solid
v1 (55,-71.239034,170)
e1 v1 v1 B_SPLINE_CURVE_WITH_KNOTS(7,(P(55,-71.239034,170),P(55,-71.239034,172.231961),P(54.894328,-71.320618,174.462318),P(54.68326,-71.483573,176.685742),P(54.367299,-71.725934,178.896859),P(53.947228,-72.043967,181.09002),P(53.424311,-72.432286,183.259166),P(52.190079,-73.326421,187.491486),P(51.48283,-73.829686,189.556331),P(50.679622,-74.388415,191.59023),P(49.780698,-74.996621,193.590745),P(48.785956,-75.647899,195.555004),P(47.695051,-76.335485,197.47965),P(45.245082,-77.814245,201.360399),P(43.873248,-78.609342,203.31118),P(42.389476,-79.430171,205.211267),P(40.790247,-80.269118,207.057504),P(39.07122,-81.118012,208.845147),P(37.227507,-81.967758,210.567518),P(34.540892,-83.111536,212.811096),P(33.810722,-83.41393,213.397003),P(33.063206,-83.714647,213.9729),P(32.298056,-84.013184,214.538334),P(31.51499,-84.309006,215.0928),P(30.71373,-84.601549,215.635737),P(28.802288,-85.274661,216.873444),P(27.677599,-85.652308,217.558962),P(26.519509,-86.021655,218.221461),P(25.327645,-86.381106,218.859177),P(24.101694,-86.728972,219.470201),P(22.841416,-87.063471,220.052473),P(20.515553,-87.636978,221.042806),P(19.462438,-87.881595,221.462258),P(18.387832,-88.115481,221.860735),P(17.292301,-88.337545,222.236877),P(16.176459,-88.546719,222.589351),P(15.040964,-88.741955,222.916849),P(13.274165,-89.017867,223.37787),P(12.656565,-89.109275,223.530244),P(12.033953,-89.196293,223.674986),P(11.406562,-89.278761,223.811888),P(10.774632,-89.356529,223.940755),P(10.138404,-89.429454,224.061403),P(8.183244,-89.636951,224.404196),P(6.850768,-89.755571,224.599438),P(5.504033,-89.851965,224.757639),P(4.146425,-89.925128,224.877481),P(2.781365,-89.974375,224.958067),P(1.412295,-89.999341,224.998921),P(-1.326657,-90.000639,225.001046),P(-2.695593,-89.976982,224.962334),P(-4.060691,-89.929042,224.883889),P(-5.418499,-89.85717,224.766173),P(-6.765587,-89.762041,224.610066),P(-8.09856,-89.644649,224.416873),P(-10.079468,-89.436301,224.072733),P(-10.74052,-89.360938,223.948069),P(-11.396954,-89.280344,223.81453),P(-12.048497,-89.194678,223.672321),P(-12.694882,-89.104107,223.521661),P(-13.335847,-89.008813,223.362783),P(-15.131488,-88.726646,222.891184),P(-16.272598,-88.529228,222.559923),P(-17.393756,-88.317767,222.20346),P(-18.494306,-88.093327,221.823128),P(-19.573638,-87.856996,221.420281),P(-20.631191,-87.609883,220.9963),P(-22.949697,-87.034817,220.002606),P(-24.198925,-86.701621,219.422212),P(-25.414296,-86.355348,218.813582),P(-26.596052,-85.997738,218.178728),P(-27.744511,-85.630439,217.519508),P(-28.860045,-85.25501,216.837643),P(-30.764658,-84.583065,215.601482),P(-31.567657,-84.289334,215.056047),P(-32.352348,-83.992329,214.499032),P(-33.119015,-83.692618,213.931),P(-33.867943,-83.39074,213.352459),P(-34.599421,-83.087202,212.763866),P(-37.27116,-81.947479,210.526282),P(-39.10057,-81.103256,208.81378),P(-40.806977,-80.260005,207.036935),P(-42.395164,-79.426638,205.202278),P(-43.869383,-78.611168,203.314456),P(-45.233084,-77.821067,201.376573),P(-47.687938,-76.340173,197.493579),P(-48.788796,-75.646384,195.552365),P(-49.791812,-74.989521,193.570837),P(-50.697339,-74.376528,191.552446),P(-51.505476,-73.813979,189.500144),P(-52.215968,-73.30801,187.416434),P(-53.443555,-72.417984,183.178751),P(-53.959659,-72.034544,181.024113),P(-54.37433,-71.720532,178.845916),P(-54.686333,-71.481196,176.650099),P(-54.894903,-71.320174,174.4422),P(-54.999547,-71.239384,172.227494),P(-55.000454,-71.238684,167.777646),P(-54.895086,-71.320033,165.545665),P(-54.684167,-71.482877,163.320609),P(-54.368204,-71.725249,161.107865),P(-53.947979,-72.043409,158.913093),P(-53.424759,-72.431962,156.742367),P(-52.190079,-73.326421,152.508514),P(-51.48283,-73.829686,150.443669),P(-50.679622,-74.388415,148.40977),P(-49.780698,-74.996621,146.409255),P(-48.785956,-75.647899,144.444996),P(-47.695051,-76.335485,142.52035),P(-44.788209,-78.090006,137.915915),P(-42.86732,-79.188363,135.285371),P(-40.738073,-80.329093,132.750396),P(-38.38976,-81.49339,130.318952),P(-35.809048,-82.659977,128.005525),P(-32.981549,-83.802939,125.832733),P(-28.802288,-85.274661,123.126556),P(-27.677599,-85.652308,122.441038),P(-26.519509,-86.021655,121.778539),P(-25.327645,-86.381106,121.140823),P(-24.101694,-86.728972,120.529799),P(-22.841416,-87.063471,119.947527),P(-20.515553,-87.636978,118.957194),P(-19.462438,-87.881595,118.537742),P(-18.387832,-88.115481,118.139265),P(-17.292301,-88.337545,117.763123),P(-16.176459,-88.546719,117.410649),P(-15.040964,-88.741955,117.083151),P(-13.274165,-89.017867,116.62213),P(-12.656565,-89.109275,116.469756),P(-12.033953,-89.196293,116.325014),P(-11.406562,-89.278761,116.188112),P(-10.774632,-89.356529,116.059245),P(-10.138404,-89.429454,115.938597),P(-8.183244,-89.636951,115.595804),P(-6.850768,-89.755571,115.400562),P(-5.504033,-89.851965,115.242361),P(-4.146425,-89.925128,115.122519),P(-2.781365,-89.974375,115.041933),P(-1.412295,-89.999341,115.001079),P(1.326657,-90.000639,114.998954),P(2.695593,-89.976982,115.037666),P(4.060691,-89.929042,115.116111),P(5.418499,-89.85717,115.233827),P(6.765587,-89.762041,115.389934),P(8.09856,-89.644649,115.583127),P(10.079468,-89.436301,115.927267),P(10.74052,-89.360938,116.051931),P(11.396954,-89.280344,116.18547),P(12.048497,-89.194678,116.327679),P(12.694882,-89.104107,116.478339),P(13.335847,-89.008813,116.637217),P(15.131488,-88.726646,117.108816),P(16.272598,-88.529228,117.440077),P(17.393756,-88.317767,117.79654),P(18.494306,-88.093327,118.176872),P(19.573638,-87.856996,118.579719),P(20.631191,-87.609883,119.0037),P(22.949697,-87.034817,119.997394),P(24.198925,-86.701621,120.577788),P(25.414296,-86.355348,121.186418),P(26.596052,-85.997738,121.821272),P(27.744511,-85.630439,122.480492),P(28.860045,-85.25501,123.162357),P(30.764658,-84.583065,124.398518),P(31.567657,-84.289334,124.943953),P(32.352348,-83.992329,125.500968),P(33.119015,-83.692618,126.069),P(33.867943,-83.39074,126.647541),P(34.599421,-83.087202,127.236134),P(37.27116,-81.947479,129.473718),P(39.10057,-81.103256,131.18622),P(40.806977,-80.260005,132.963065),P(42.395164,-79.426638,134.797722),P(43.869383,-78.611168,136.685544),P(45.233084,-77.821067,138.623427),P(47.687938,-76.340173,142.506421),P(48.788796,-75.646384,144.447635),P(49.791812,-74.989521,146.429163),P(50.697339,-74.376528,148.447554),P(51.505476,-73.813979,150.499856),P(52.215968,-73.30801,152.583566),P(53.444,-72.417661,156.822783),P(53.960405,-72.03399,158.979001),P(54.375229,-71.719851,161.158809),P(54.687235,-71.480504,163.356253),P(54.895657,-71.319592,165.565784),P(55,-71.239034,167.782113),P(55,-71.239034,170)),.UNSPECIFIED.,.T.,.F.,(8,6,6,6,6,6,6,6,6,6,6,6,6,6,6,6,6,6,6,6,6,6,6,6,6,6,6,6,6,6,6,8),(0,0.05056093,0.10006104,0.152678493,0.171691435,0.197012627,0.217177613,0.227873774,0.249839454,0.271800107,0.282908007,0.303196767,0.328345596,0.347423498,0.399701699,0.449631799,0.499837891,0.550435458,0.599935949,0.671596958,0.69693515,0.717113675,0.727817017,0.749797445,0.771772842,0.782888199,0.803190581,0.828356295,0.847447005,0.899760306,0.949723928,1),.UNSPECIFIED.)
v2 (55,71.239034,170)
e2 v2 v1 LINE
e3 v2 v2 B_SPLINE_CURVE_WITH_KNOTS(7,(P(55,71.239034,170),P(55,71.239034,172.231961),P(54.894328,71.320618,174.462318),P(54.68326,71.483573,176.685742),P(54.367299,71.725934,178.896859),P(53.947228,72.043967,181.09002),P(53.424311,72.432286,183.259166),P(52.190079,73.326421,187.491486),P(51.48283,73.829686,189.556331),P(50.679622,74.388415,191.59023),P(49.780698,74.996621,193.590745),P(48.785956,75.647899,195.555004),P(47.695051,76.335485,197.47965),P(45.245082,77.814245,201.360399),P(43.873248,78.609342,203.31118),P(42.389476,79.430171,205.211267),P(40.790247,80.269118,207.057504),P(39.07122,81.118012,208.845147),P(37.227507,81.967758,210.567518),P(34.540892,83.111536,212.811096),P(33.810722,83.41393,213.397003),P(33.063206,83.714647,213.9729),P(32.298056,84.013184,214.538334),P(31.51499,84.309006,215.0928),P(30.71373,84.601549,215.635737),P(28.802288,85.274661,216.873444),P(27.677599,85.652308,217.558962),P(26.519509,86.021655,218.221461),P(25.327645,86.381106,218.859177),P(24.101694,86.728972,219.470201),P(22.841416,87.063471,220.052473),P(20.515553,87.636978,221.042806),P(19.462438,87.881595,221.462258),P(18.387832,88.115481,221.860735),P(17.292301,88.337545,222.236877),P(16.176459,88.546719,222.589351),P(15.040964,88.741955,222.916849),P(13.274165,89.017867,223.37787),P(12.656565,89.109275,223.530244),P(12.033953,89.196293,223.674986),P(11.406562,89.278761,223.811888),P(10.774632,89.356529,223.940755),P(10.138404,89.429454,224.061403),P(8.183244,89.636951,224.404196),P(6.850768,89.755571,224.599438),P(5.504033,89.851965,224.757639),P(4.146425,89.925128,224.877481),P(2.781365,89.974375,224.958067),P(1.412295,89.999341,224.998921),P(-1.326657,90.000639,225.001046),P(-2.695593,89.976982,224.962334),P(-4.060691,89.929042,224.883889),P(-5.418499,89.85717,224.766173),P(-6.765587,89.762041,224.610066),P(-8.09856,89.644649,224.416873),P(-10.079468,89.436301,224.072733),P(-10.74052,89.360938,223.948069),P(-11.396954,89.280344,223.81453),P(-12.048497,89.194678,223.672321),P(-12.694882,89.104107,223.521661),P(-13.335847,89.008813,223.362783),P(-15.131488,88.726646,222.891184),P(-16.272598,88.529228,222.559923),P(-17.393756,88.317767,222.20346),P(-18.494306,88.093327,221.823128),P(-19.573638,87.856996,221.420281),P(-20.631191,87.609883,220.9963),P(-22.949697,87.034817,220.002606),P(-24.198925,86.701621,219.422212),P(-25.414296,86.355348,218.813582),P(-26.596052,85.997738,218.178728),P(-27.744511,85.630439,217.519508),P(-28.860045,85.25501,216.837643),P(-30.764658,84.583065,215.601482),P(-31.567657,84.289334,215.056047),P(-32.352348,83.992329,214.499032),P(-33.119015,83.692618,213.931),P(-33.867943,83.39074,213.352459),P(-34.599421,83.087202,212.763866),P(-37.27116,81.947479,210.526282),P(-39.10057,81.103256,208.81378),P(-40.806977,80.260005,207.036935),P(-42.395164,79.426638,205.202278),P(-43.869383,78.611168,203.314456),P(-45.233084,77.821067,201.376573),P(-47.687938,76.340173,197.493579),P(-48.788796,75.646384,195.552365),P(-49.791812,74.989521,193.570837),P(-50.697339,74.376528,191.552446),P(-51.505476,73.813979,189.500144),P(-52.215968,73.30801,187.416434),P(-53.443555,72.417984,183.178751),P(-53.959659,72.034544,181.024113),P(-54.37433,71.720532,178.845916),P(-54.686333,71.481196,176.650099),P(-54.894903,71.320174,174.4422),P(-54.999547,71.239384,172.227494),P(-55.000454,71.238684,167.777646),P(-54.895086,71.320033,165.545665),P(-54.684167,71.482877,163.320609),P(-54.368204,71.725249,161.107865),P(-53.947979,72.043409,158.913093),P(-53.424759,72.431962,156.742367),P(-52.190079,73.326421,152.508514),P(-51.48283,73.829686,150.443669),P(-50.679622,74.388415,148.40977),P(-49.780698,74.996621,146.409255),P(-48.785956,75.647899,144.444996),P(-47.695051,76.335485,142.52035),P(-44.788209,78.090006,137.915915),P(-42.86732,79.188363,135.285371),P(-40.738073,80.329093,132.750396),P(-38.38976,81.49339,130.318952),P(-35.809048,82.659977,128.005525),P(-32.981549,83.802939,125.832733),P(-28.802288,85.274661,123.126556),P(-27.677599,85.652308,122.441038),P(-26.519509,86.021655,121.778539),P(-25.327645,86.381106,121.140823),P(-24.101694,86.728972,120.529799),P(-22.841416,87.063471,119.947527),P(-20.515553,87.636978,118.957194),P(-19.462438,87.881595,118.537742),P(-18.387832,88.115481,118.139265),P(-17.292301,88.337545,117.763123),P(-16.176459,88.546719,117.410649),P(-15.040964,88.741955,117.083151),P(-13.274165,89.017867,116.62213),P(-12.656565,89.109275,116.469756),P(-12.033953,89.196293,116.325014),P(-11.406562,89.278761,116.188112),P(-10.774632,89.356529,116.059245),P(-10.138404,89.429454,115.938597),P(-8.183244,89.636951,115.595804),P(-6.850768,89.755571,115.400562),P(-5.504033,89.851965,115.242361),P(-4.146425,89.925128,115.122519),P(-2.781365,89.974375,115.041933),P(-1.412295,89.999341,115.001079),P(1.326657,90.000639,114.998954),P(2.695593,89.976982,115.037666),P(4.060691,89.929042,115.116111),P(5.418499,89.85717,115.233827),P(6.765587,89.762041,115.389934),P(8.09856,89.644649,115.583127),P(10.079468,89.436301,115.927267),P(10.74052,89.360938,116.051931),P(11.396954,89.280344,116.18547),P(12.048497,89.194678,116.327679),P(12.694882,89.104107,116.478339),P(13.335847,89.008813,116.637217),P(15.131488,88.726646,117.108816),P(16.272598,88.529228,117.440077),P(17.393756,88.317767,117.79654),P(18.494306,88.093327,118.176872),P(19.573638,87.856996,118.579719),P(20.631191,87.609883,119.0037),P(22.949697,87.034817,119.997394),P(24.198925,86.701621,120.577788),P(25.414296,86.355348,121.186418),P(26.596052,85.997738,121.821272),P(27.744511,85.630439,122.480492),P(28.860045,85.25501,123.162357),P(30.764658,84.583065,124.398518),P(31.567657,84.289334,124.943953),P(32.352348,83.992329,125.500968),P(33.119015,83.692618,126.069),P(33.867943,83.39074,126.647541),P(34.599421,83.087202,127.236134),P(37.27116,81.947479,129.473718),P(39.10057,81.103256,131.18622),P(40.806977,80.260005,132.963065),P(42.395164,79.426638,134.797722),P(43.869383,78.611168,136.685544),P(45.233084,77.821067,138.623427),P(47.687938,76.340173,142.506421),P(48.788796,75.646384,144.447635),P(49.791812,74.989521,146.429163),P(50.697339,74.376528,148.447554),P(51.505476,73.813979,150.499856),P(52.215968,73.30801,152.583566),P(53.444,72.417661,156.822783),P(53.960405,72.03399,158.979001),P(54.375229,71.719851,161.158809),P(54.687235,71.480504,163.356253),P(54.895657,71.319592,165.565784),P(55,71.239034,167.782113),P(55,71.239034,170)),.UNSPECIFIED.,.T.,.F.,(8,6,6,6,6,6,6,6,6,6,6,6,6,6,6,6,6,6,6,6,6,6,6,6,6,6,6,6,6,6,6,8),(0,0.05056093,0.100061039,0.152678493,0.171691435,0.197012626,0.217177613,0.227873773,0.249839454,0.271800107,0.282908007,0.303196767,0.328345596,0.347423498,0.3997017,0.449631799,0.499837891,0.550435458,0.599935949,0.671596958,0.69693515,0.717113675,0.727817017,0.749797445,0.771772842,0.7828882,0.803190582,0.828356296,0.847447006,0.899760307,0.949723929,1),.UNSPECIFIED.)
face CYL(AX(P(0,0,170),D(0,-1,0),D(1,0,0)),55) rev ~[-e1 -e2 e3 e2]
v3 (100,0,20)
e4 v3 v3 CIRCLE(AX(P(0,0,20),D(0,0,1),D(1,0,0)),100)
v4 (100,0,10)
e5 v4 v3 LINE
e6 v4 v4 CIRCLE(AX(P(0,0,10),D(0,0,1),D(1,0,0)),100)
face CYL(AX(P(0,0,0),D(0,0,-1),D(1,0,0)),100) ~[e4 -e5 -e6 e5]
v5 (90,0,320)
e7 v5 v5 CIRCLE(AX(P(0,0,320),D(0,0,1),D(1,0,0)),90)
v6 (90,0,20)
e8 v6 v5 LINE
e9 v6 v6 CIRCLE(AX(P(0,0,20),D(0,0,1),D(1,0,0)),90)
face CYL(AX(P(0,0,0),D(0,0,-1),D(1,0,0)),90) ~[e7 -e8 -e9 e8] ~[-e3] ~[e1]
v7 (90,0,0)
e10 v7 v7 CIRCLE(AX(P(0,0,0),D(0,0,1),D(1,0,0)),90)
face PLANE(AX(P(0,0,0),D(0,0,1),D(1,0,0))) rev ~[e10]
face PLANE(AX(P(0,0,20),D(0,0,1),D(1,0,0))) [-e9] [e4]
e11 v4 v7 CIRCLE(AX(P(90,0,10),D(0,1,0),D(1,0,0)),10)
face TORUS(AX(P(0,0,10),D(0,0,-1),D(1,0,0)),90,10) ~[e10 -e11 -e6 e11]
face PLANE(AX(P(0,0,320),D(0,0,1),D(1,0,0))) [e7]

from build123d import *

# Parameters (mm, degrees)
F0_R     = 100
F0_R_2   = 90
F1_DEPTH = 20
F2_DEPTH = 320
F3_R     = 55
F4_DEPTH = 147
F5_R     = 10


with BuildPart() as f1:
    # F0 (on Top) → F1 (new body)
    with BuildSketch(Plane.XY):
        Circle(F0_R)
        Circle(F0_R_2, mode=Mode.SUBTRACT)
    extrude(amount=F1_DEPTH)

    # F0 (on Top) → F2 (join)
    with BuildSketch(Plane.XY):
        Circle(F0_R_2)
    extrude(amount=F2_DEPTH)

    # F3 (on Front) → F4 (cut, symmetric)
    with BuildSketch(Plane.XZ):
        with Locations((0, 170)):
            Circle(F3_R)
    extrude(amount=F4_DEPTH, both=True, mode=Mode.SUBTRACT)

    # F5
    f5_edges = [f1.edges().sort_by_distance(p)[0] for p in [
        (-100, 0, 0),
    ]]
    fillet(f5_edges, radius=F5_R)


solid = f1.part
